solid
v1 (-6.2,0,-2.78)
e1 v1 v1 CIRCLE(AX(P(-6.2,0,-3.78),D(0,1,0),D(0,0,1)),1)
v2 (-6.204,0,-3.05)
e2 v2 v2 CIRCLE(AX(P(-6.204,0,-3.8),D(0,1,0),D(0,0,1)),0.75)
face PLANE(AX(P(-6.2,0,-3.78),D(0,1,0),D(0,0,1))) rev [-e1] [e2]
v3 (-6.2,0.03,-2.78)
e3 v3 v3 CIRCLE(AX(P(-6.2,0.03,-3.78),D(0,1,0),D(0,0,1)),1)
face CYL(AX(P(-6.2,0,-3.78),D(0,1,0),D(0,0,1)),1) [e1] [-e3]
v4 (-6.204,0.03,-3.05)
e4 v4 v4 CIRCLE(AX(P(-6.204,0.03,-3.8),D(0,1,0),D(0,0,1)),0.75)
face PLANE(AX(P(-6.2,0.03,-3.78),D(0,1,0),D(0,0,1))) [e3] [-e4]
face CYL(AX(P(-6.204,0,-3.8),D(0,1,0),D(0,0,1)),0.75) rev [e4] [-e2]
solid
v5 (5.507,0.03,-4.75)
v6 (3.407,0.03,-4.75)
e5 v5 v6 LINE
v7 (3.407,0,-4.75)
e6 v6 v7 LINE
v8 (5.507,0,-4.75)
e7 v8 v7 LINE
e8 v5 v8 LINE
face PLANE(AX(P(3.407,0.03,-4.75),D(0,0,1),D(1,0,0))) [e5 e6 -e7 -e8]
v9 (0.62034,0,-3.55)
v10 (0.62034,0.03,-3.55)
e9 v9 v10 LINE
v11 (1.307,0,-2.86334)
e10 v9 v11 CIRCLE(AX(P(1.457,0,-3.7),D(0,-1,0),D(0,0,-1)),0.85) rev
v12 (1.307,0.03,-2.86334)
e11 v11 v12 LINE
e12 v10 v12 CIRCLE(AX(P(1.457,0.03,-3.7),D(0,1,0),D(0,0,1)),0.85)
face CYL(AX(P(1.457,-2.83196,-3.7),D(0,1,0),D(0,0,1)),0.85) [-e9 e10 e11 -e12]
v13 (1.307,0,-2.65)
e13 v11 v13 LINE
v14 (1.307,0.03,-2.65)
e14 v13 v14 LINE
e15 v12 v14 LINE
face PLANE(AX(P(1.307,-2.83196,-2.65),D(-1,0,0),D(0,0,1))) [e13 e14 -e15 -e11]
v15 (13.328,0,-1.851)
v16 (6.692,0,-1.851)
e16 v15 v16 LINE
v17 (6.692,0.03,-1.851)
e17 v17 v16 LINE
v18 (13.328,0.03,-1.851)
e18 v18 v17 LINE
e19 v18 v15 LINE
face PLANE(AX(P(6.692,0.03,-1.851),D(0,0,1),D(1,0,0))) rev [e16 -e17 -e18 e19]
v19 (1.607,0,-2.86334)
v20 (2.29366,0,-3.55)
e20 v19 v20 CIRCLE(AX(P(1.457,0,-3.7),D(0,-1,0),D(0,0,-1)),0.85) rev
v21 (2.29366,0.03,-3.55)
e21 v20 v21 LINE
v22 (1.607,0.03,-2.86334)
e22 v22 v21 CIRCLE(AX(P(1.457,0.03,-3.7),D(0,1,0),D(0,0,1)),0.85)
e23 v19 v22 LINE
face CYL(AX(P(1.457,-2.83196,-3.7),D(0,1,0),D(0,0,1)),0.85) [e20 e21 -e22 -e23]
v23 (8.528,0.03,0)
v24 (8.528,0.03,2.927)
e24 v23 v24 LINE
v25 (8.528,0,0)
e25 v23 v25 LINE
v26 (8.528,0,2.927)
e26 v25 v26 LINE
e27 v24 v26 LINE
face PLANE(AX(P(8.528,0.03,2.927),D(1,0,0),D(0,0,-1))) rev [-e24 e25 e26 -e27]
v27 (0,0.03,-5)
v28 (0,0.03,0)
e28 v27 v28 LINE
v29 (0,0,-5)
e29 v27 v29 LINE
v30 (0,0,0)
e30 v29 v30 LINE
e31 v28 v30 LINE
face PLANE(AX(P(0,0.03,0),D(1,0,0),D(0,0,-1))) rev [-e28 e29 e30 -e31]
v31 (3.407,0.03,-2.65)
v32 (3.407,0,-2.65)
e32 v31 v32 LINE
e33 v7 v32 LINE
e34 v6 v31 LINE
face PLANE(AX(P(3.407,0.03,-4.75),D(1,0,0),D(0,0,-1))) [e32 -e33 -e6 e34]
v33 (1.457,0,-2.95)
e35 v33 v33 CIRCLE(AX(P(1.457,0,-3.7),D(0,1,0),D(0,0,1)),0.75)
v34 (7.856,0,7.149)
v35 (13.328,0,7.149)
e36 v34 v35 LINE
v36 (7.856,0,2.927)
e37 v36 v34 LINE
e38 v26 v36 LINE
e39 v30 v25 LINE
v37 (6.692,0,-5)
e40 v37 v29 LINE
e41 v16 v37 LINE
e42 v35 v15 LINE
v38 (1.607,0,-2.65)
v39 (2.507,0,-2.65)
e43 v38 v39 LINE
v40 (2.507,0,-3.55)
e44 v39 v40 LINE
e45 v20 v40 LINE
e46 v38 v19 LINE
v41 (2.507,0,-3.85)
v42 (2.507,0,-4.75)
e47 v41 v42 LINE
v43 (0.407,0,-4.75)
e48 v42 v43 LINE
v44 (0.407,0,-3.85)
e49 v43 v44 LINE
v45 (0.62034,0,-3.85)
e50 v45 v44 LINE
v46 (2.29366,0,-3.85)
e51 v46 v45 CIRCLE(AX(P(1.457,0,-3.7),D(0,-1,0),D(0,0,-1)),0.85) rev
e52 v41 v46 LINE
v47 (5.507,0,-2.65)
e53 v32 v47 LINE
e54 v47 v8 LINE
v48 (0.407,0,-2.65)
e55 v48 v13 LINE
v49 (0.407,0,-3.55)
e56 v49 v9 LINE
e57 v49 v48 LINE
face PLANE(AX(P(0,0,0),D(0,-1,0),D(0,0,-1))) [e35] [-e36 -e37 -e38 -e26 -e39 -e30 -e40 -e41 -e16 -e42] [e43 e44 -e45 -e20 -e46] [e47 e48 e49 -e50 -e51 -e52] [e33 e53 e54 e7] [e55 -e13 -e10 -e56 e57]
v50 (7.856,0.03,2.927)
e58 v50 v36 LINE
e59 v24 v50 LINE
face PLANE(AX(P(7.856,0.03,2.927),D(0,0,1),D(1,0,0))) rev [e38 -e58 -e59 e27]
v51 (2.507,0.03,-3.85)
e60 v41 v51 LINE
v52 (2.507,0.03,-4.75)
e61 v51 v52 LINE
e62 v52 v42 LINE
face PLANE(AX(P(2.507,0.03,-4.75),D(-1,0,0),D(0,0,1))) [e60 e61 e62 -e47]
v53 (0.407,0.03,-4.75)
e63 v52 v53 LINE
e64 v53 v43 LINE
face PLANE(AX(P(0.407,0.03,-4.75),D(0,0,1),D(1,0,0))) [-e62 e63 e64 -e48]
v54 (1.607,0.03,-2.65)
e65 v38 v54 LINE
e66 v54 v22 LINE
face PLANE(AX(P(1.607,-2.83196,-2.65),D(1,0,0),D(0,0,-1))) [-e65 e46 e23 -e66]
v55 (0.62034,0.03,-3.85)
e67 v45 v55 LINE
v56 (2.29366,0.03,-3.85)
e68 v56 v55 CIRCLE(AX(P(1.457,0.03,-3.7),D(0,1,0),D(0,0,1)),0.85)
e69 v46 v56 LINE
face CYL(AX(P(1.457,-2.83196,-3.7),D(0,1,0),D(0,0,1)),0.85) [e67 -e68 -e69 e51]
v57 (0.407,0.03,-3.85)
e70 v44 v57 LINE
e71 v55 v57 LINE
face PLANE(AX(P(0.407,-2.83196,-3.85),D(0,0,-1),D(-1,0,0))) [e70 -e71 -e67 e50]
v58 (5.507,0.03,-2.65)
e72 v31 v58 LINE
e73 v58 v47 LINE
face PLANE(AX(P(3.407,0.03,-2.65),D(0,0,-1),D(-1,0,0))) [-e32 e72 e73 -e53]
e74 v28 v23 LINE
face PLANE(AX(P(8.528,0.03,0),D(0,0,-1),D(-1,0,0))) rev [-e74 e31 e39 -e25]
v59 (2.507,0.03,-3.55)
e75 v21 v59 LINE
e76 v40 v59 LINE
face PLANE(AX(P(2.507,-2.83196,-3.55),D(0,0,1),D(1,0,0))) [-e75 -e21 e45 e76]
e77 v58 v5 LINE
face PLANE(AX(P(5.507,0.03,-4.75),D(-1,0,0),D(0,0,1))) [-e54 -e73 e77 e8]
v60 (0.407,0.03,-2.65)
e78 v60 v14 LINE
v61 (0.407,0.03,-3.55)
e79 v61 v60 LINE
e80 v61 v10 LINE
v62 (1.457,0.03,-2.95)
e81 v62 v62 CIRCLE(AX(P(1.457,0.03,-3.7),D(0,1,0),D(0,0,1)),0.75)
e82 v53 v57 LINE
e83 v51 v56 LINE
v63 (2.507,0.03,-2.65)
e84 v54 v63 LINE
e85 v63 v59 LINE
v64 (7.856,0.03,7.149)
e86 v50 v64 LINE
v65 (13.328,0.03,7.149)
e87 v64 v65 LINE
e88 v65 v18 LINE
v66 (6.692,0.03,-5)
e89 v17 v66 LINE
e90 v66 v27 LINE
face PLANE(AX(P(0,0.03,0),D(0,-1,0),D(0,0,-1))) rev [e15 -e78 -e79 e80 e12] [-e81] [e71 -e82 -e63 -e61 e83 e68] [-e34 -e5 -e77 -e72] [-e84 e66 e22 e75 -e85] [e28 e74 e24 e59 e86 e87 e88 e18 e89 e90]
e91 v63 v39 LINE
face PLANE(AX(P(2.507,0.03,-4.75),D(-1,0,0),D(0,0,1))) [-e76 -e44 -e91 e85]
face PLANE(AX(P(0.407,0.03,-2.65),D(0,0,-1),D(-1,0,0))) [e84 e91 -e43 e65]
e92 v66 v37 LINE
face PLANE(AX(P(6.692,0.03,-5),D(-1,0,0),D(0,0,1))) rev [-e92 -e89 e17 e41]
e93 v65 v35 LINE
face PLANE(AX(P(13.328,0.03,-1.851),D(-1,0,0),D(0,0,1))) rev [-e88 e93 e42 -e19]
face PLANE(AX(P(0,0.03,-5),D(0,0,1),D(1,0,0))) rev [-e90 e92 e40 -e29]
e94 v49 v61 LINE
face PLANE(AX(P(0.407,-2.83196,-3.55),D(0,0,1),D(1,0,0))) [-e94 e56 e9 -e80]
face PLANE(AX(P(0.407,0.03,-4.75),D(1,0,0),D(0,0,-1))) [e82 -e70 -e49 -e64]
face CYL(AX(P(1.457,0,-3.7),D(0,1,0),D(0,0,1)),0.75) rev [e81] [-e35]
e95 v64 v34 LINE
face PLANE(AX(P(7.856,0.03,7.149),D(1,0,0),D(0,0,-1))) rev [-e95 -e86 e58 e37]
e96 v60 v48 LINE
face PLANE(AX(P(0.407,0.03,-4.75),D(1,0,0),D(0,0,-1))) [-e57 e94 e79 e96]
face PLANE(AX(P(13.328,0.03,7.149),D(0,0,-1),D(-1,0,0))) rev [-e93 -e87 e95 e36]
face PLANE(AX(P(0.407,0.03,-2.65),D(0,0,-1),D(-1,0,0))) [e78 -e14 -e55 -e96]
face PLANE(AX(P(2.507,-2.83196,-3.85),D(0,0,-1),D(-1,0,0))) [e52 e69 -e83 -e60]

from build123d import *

# Parameters (mm, degrees)
SKETCH1_W               = 2.1
SKETCH1_H               = 2.1
BOSS_EXTRUDE1_DEPTH     = 0.03
BOSS_EXTRUDE2_DEPTH     = 0.03
SKETCH3_R               = 1
BOSS_EXTRUDE3_DEPTH     = 0.03
CUT_EXTRUDE1_DEPTH      = 16.124307753
CUT_EXTRUDE1_DEPTH_BACK = 16.124307753
SKETCH4_R               = 0.75


with BuildPart() as part:
    # Sketch1 → Boss-Extrude1 (new body)
    with BuildSketch(Plane(origin=(0, 0, 0), x_dir=(1, 0, 0), z_dir=(0, 1, 0))):
        Polygon((0, 0), (0, 5), (6.692, 5), (6.692, 1.851), (13.328, 1.851), (13.328, -7.149), (7.856, -7.149), (7.856, -2.927), (8.528, -2.927), (8.528, 0), align=None)
        with Locations((1.457, 3.7)):
            Rectangle(SKETCH1_W, SKETCH1_H, mode=Mode.SUBTRACT)
        with Locations((4.457, 3.7)):
            Rectangle(SKETCH1_W, SKETCH1_H, mode=Mode.SUBTRACT)
    extrude(amount=BOSS_EXTRUDE1_DEPTH)

    # Sketch2 → Boss-Extrude2 (add)
    with BuildSketch(Plane(origin=(0, 0.03, 0), x_dir=(1, 0, 0), z_dir=(0, 1, 0))):
        with BuildLine():
            Line((2.507, 3.55), (2.293660027, 3.55))
            ThreePointArc((2.293660027, 3.55), (2.058040764, 3.098959236), (1.607, 2.863339973))
            Line((1.607, 2.863339973), (1.607, 2.65))
            Line((1.607, 2.65), (1.307, 2.65))
            Line((1.307, 2.65), (1.307, 2.863339973))
            ThreePointArc((1.307, 2.863339973), (0.855959236, 3.098959236), (0.620339973, 3.55))
            Line((0.620339973, 3.55), (0.407, 3.55))
            Line((0.407, 3.55), (0.407, 3.85))
            Line((0.407, 3.85), (0.620339973, 3.85))
            ThreePointArc((0.620339973, 3.85), (1.457, 4.55), (2.293660027, 3.85))
            Line((2.293660027, 3.85), (2.507, 3.85))
            Line((2.507, 3.85), (2.507, 3.55))
        make_face()
    extrude(amount=-BOSS_EXTRUDE2_DEPTH)


with BuildPart() as body_2:
    # Sketch3 → Boss-Extrude3 (new body)
    with BuildSketch(Plane(origin=(0, 0.03, 0), x_dir=(1, 0, 0), z_dir=(0, 1, 0))):
        with Locations(Location((-6.2, 3.78, 0), (0, 0, 270))):
            Circle(SKETCH3_R)
    extrude(amount=-BOSS_EXTRUDE3_DEPTH)


with BuildPart() as cut_extrude1_tool:
    # Sketch4 → Cut-Extrude1 (new, two sides: drawn at the far end of the back side and taken through both)
    with BuildSketch(Plane(origin=(0, 0.03, 0), x_dir=(1, 0, 0), z_dir=(0, 1, 0)).offset(-CUT_EXTRUDE1_DEPTH_BACK)):
        with Locations(Location((-6.204, 3.8, 0), (0, 0, 270))):
            Circle(SKETCH4_R)
        with Locations(Location((1.457, 3.7, 0), (0, 0, 270))):
            Circle(SKETCH4_R)
    extrude(amount=CUT_EXTRUDE1_DEPTH + CUT_EXTRUDE1_DEPTH_BACK)


with BuildPart() as part_1:
    add(part.part)

    # Cut-Extrude1: cut by cut_extrude1_tool
    add(cut_extrude1_tool.part, mode=Mode.SUBTRACT)


with BuildPart() as body_2_1:
    add(body_2.part)

    # Cut-Extrude1: cut by cut_extrude1_tool
    add(cut_extrude1_tool.part, mode=Mode.SUBTRACT)


solid = Compound([part_1.part, body_2_1.part])
